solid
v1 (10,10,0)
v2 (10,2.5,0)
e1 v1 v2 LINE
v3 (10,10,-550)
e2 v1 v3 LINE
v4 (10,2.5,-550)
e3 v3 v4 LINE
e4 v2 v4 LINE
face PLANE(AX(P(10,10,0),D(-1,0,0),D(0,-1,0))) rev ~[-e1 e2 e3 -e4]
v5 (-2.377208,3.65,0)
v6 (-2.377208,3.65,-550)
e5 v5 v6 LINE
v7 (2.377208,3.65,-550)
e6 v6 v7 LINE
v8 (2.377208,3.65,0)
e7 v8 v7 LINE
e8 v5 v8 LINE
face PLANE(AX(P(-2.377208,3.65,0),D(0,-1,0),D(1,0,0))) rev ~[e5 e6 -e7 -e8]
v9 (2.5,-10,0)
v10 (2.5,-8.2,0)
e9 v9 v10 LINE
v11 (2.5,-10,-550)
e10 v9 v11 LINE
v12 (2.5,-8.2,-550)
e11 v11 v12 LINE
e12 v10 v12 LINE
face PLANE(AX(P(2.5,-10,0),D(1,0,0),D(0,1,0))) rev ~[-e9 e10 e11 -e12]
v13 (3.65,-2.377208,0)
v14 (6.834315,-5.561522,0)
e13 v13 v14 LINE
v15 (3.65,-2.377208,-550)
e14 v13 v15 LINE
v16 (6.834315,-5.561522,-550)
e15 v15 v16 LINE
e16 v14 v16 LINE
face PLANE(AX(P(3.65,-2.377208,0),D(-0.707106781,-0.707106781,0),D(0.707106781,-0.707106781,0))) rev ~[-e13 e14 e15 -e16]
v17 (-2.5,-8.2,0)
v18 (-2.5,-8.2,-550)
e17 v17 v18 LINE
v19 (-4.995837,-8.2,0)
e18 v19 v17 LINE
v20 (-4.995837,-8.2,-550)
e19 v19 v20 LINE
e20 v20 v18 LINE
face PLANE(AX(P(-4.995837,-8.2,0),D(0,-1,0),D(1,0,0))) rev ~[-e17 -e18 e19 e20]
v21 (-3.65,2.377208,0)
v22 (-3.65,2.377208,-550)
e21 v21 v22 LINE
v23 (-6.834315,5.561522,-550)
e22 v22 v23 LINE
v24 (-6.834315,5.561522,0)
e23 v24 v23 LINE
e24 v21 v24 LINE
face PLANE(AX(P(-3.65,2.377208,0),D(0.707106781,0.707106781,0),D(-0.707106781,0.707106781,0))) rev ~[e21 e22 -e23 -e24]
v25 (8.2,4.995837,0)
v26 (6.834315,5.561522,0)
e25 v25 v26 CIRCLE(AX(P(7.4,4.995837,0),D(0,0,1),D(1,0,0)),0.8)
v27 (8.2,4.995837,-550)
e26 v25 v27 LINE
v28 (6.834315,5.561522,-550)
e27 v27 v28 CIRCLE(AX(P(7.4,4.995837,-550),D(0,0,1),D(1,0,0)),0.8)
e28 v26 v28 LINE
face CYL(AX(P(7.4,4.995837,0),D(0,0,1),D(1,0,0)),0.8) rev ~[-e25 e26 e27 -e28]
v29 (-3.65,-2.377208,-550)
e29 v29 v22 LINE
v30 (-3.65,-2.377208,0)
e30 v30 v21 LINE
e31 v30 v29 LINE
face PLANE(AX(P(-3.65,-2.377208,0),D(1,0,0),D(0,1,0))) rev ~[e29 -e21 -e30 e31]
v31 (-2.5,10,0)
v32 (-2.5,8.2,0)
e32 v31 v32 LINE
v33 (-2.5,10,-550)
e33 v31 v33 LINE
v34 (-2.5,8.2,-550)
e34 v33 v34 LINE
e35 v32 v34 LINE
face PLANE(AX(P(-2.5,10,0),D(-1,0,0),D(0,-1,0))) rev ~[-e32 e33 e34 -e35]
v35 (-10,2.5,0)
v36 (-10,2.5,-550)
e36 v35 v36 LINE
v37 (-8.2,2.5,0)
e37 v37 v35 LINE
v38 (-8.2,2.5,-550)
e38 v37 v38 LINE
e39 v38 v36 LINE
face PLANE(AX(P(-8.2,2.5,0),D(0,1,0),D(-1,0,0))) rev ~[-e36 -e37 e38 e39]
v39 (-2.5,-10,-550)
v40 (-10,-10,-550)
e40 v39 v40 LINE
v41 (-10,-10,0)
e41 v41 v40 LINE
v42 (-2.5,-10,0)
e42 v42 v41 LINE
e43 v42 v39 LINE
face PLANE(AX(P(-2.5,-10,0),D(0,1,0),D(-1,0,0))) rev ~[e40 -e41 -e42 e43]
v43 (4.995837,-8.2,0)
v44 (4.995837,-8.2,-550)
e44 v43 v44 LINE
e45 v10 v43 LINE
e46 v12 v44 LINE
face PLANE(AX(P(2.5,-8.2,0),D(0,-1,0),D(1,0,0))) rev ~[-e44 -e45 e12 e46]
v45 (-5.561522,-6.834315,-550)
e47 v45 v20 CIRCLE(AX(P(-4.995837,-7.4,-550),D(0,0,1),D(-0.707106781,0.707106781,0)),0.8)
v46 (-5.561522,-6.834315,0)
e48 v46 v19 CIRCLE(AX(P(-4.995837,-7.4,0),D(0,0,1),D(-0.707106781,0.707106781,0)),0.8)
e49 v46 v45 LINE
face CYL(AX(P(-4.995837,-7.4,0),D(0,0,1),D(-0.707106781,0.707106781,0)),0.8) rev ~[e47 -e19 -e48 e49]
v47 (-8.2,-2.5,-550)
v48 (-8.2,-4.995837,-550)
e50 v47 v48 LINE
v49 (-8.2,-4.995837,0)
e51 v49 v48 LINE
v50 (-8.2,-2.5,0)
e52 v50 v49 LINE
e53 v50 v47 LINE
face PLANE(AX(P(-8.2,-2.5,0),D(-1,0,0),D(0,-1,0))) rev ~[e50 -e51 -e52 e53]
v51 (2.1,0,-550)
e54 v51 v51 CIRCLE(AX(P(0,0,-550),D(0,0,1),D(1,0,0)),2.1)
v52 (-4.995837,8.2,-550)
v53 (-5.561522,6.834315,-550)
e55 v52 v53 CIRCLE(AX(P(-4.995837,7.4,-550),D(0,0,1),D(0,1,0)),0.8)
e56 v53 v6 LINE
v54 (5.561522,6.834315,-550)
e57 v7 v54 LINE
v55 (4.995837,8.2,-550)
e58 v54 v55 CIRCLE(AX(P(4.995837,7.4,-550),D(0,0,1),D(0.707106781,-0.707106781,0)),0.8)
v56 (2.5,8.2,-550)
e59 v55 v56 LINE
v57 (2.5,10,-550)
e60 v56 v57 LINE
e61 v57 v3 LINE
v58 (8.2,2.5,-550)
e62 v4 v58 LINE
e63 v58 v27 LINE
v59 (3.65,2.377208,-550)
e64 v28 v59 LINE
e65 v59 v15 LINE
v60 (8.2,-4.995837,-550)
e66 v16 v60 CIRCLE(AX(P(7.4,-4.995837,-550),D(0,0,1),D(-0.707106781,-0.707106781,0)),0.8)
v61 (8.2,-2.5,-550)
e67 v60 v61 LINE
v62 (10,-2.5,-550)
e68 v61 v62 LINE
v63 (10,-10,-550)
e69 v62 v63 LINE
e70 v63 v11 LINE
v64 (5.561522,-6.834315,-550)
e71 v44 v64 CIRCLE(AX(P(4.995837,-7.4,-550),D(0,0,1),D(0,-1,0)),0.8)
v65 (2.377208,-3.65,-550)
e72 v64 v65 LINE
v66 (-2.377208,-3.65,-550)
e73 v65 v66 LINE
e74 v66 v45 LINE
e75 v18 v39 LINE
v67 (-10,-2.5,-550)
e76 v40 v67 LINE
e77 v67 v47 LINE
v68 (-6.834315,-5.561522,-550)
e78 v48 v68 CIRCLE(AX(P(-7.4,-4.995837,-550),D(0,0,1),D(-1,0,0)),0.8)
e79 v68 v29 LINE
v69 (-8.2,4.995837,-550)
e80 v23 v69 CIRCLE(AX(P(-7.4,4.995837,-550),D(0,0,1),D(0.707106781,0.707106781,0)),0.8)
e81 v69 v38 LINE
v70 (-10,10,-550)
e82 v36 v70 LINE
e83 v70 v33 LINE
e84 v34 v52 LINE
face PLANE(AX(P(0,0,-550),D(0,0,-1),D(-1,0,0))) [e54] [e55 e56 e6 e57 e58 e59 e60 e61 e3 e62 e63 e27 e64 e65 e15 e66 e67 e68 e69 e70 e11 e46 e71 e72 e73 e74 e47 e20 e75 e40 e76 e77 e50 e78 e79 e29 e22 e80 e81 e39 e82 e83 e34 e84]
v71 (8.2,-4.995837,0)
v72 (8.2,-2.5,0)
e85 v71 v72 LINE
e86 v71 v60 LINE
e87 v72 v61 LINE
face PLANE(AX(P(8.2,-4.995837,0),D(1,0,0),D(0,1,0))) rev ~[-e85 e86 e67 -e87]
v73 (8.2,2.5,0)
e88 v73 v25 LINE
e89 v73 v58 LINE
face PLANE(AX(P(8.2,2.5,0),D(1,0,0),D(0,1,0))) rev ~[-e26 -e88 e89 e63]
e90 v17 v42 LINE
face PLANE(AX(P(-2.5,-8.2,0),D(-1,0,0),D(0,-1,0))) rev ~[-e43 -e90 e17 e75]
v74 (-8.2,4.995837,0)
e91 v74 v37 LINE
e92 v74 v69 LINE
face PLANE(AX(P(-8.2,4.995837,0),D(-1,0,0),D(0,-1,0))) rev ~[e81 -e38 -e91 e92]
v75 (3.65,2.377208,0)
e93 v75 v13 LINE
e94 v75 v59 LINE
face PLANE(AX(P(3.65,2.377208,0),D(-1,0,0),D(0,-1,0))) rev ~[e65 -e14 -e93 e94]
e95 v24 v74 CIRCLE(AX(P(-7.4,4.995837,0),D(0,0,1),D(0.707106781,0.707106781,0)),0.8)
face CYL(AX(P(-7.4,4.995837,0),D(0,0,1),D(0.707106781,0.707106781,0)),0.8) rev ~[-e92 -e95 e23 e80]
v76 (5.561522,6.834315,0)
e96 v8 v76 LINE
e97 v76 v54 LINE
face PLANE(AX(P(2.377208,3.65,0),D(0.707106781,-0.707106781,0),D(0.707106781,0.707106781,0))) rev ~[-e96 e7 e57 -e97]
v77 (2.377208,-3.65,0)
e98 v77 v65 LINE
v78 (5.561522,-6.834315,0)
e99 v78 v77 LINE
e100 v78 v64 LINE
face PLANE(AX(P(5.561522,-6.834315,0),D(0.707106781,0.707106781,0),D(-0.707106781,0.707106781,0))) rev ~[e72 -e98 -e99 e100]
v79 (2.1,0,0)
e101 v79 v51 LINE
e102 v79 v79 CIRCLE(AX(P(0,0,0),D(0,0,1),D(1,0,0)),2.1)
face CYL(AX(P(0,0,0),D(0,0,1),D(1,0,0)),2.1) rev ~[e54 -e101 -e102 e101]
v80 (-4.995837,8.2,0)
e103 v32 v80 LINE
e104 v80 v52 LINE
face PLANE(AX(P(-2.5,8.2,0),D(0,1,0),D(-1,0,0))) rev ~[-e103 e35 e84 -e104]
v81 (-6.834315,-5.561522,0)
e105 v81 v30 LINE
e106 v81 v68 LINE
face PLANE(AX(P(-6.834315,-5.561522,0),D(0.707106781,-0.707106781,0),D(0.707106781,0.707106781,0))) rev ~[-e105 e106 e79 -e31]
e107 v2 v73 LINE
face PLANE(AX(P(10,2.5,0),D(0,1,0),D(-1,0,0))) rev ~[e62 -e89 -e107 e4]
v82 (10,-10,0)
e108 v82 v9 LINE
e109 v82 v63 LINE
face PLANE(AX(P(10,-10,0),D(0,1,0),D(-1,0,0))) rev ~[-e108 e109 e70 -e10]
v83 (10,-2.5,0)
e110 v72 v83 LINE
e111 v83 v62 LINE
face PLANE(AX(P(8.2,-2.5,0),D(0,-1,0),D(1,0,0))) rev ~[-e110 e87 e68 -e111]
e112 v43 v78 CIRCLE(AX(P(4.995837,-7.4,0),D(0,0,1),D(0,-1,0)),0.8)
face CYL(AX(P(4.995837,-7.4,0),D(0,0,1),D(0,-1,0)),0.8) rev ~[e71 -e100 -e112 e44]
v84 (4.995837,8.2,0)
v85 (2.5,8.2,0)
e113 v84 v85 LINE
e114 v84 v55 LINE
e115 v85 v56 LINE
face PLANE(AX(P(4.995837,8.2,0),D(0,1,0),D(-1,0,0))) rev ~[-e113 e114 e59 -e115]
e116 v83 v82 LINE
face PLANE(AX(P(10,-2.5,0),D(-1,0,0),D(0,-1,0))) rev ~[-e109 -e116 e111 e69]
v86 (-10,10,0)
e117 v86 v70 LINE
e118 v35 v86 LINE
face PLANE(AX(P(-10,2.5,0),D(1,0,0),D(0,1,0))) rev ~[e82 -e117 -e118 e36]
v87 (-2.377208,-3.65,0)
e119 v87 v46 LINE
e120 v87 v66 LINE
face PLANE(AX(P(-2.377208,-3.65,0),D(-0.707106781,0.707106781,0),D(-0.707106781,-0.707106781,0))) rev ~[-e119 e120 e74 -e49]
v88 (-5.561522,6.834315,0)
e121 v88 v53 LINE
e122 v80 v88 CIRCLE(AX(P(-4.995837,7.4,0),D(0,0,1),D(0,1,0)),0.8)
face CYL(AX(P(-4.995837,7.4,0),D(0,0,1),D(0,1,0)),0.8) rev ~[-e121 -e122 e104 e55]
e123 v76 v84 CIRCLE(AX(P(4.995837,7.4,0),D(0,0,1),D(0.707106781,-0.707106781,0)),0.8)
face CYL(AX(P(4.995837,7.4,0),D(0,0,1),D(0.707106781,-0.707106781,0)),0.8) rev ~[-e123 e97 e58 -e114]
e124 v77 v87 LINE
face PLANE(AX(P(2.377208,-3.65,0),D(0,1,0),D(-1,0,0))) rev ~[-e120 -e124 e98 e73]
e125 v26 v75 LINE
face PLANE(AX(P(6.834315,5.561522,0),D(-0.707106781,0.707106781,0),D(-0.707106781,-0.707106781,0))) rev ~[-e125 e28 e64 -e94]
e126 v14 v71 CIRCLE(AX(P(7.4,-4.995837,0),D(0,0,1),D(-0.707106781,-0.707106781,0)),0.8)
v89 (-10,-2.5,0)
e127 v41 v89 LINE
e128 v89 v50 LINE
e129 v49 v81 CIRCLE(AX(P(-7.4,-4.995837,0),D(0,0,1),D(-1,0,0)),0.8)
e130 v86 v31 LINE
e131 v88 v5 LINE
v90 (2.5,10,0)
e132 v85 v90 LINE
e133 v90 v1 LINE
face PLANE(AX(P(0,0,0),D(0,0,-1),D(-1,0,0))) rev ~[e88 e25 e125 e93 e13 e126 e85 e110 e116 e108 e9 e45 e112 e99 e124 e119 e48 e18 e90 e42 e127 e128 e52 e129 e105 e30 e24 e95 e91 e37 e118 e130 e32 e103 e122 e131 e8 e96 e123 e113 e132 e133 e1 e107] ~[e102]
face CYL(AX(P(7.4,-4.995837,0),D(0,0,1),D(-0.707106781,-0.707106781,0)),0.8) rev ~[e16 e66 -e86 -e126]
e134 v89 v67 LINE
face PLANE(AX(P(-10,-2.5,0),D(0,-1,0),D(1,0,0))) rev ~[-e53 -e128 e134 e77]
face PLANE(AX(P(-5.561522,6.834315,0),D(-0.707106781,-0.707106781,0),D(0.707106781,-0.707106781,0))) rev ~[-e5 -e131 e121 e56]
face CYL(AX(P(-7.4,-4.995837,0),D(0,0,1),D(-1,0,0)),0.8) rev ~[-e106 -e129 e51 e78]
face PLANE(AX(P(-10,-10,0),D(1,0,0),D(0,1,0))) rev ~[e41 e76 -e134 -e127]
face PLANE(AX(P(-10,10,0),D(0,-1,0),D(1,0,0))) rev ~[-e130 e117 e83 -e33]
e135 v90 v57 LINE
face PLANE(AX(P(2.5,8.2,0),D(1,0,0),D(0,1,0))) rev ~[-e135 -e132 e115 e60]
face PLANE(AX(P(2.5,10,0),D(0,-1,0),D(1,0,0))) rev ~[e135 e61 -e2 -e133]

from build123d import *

# Parameters (mm, degrees)
CROQUIS15_R             = 2.1
SALIENTE_EXTRUIR2_DEPTH = 550


with BuildPart() as part:
    # Croquis15 → Saliente-Extruir2 (new body)
    with BuildSketch(Plane.XY):
        with BuildLine():
            Line((-10, -10), (-10, -2.5))
            Line((-10, -2.5), (-8.2, -2.5))
            Line((-8.2, -2.5), (-8.2, -4.995836944))
            ThreePointArc((-8.2, -4.995836944), (-7.706146746, -5.73494057), (-6.834314575, -5.561522369))
            Line((-6.834314575, -5.561522369), (-3.65, -2.377207794))
            Line((-3.65, -2.377207794), (-3.65, 2.377207794))
            Line((-3.65, 2.377207794), (-6.834314575, 5.561522369))
            ThreePointArc((-6.834314575, 5.561522369), (-7.706146746, 5.73494057), (-8.2, 4.995836944))
            Line((-8.2, 4.995836944), (-8.2, 2.5))
            Line((-8.2, 2.5), (-10, 2.5))
            Line((-10, 2.5), (-10, 10))
            Line((-10, 10), (-2.5, 10))
            Line((-2.5, 10), (-2.5, 8.2))
            Line((-2.5, 8.2), (-4.995836944, 8.2))
            ThreePointArc((-4.995836944, 8.2), (-5.73494057, 7.706146746), (-5.561522369, 6.834314575))
            Line((-5.561522369, 6.834314575), (-2.377207794, 3.65))
            Line((-2.377207794, 3.65), (2.377207794, 3.65))
            Line((2.377207794, 3.65), (5.561522369, 6.834314575))
            ThreePointArc((5.561522369, 6.834314575), (5.73494057, 7.706146746), (4.995836944, 8.2))
            Line((4.995836944, 8.2), (2.5, 8.2))
            Line((2.5, 8.2), (2.5, 10))
            Line((2.5, 10), (10, 10))
            Line((10, 10), (10, 2.5))
            Line((10, 2.5), (8.2, 2.5))
            Line((8.2, 2.5), (8.2, 4.995836944))
            ThreePointArc((8.2, 4.995836944), (7.706146746, 5.73494057), (6.834314575, 5.561522369))
            Line((6.834314575, 5.561522369), (3.65, 2.377207794))
            Line((3.65, 2.377207794), (3.65, -2.377207794))
            Line((3.65, -2.377207794), (6.834314575, -5.561522369))
            ThreePointArc((6.834314575, -5.561522369), (7.706146746, -5.73494057), (8.2, -4.995836944))
            Line((8.2, -4.995836944), (8.2, -2.5))
            Line((8.2, -2.5), (10, -2.5))
            Line((10, -2.5), (10, -10))
            Line((10, -10), (2.5, -10))
            Line((2.5, -10), (2.5, -8.2))
            Line((2.5, -8.2), (4.995836944, -8.2))
            ThreePointArc((4.995836944, -8.2), (5.73494057, -7.706146746), (5.561522369, -6.834314575))
            Line((5.561522369, -6.834314575), (2.377207794, -3.65))
            Line((2.377207794, -3.65), (-2.377207794, -3.65))
            Line((-2.377207794, -3.65), (-5.561522369, -6.834314575))
            ThreePointArc((-5.561522369, -6.834314575), (-5.73494057, -7.706146746), (-4.995836944, -8.2))
            Line((-4.995836944, -8.2), (-2.5, -8.2))
            Line((-2.5, -8.2), (-2.5, -10))
            Line((-2.5, -10), (-10, -10))
        make_face()
        Circle(CROQUIS15_R, mode=Mode.SUBTRACT)
    extrude(amount=-SALIENTE_EXTRUIR2_DEPTH)


solid = part.part
